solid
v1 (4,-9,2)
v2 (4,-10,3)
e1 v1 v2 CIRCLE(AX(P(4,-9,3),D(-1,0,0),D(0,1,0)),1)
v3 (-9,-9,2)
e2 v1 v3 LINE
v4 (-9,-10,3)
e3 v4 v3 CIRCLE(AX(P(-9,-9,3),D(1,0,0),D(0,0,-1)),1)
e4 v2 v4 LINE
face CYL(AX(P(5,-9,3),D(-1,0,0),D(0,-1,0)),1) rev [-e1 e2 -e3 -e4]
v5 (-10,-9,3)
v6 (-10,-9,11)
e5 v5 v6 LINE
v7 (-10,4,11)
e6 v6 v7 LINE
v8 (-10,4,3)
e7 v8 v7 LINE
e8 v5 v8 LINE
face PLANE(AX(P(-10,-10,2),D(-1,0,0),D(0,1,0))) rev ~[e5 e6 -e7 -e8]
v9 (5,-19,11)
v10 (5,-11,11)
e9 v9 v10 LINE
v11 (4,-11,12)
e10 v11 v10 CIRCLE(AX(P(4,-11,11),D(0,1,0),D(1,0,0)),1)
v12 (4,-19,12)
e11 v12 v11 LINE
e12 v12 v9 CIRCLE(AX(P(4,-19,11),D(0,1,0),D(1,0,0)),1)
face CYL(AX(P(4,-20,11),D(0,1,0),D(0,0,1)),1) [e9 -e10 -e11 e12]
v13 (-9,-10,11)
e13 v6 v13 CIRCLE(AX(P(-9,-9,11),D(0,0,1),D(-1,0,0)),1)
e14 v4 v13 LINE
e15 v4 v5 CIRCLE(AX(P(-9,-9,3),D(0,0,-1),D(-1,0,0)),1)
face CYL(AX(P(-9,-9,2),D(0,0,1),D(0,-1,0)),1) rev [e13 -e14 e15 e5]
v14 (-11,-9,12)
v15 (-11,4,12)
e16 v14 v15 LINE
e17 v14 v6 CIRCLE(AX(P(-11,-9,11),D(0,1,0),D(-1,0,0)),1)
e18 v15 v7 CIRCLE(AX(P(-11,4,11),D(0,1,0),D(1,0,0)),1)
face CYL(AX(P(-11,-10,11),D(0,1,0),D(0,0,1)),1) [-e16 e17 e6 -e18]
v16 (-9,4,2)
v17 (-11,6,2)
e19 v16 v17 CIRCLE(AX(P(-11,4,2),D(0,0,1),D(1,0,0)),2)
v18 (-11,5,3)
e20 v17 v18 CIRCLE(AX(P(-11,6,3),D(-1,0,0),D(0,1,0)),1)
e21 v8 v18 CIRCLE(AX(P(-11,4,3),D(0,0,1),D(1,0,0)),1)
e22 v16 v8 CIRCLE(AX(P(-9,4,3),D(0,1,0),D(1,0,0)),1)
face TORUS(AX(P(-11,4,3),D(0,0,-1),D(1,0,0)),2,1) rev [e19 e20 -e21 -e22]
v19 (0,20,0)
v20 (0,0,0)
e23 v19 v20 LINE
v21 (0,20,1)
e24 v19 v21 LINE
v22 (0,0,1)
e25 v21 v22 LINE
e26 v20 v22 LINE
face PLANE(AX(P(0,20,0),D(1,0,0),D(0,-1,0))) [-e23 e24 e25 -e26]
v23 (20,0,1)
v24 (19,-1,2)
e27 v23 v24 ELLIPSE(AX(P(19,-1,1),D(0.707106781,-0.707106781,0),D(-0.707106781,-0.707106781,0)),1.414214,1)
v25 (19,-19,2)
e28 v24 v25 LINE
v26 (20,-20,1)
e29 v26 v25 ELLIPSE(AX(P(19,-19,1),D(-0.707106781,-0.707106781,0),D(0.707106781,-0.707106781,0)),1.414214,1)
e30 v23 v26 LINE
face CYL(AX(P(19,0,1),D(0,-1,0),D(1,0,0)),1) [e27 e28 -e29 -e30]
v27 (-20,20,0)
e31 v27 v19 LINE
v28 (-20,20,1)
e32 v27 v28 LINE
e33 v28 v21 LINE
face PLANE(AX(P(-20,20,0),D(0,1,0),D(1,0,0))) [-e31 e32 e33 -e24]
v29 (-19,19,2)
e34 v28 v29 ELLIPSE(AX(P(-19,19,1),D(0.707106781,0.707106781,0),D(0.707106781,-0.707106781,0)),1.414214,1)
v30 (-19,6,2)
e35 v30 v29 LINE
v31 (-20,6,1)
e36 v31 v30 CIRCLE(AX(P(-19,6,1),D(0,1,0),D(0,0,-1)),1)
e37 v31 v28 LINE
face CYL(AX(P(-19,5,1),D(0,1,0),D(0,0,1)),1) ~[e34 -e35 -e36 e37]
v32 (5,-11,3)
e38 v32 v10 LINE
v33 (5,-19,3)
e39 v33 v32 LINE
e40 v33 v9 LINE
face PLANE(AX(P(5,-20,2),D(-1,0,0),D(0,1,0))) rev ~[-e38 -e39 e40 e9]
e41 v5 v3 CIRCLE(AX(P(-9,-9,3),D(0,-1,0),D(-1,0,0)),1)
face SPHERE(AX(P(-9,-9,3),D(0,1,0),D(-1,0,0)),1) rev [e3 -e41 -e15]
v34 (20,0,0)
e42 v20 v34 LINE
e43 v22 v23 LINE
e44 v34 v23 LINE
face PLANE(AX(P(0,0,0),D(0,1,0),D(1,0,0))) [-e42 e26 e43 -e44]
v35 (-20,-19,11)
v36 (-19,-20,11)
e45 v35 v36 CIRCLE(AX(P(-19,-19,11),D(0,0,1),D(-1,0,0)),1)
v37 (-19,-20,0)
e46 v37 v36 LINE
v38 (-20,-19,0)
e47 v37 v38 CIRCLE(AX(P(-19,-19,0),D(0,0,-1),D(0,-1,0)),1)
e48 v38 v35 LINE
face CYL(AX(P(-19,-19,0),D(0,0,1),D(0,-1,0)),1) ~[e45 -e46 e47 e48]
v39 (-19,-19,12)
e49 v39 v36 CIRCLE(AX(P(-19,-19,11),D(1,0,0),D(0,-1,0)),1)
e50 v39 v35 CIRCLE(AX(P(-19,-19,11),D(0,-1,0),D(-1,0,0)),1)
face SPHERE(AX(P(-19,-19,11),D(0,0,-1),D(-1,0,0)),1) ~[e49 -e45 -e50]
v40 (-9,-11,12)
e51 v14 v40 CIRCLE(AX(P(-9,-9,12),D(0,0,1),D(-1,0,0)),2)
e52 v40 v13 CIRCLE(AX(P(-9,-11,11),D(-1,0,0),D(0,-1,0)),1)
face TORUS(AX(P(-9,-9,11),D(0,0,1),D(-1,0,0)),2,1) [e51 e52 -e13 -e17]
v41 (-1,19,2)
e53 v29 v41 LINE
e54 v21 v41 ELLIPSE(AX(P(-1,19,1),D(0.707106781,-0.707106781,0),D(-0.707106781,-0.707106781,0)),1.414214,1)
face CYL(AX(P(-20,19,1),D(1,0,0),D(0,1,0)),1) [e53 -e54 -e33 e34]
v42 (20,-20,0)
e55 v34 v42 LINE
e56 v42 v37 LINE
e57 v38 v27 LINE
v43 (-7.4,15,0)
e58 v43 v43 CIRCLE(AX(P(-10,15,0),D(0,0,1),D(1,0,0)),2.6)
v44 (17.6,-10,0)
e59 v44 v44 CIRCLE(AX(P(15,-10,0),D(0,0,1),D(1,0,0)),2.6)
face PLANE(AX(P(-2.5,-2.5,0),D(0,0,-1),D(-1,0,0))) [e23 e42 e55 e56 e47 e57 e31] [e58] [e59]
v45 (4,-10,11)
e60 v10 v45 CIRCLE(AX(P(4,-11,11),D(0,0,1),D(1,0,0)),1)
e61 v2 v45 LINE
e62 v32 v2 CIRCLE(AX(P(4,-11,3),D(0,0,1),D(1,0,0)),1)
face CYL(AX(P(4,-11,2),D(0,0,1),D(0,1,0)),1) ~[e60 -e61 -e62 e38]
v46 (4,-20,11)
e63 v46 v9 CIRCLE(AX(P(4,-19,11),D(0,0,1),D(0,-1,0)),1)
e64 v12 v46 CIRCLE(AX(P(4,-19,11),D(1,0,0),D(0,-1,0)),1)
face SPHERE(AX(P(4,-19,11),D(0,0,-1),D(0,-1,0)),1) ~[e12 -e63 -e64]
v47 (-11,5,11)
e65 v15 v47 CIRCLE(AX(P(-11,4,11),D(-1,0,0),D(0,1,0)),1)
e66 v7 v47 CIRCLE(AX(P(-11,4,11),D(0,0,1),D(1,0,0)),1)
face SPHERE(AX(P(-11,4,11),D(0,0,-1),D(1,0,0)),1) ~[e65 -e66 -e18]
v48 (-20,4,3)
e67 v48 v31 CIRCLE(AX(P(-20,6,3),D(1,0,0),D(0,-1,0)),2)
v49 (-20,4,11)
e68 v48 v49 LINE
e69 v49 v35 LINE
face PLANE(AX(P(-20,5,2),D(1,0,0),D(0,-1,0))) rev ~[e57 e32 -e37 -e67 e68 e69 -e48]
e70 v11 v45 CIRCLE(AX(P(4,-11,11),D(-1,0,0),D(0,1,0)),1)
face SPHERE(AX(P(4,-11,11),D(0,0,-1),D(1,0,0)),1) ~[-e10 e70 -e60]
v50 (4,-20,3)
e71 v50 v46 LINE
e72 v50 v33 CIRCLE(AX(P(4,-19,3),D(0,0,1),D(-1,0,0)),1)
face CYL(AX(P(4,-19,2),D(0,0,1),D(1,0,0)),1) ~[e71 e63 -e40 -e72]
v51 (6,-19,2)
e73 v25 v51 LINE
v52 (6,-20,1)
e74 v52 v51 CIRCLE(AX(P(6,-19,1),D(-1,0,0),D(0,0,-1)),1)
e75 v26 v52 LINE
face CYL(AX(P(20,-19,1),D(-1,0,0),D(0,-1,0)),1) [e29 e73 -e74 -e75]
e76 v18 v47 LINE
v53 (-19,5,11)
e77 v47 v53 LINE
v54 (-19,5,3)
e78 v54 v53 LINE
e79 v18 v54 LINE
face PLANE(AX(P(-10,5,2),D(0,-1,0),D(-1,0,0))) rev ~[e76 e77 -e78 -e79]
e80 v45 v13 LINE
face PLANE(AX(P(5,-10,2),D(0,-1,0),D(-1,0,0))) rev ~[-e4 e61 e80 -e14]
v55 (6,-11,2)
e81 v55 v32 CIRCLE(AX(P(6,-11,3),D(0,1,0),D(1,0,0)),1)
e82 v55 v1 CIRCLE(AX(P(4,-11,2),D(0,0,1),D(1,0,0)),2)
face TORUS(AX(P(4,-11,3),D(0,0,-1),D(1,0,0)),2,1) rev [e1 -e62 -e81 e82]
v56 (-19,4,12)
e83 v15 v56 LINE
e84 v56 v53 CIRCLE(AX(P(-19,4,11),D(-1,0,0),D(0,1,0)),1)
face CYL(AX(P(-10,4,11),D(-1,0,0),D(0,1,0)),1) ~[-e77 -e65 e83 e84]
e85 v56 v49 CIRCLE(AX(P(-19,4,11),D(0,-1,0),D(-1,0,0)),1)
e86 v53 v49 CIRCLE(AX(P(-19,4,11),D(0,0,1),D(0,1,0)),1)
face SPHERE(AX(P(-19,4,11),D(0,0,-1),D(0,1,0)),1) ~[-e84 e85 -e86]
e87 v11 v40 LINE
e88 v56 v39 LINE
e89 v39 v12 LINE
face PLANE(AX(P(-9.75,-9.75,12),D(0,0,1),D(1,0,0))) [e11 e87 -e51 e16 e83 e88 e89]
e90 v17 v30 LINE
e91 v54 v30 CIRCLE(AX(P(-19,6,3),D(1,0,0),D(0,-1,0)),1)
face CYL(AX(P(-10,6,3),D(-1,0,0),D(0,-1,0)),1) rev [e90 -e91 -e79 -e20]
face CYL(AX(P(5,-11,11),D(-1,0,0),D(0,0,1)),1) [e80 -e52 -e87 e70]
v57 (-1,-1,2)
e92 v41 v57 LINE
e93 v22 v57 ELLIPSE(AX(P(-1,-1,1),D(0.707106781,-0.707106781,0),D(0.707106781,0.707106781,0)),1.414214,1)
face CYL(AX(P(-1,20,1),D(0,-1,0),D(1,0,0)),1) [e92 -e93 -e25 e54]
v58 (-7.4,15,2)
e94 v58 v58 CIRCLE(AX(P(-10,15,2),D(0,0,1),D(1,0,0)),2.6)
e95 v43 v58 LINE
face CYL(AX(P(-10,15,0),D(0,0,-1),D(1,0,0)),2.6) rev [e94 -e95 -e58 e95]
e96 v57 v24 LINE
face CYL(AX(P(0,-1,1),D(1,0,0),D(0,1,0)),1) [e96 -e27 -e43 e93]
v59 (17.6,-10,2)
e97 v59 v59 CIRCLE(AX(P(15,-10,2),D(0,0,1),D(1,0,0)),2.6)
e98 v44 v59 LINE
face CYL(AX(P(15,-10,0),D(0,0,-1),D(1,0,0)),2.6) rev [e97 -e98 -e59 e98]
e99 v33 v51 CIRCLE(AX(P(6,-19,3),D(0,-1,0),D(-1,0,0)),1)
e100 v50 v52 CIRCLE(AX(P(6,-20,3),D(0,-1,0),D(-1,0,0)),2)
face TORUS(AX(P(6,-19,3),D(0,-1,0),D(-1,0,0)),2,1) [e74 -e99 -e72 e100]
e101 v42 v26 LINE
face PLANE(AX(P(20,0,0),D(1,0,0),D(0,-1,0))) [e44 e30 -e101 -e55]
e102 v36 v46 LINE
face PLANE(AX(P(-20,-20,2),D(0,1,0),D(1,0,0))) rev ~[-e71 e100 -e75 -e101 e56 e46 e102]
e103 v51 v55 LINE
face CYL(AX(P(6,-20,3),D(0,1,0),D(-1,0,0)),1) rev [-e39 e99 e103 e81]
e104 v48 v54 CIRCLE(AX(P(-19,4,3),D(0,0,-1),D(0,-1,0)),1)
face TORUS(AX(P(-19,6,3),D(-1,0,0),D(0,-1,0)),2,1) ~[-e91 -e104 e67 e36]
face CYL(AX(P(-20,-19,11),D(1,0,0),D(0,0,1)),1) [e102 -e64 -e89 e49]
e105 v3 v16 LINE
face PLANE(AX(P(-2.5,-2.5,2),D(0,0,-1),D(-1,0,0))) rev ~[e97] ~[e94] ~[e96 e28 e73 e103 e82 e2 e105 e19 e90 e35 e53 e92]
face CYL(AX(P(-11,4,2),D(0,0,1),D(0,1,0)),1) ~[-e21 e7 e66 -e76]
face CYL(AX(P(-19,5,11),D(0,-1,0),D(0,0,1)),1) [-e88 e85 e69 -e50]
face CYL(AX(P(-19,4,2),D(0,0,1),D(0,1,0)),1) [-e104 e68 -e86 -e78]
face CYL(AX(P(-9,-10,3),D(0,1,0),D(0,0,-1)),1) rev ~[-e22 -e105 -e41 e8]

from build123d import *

# Parameters (mm, degrees)
SKETCH1_R           = 2.6
BOSS_EXTRUDE1_DEPTH = 2
BOSS_EXTRUDE2_DEPTH = 10
FILLET1_R           = 1


with BuildPart() as part:
    # Sketch1 → Boss-Extrude1 (new body)
    with BuildSketch(Plane.XY):
        Polygon((0, 20), (0, 0), (20, 0), (20, -20), (-20, -20), (-20, 20), align=None)
        with Locations((-10, 15)):
            Circle(SKETCH1_R, mode=Mode.SUBTRACT)
        with Locations((15, -10)):
            Circle(SKETCH1_R, mode=Mode.SUBTRACT)
    extrude(amount=BOSS_EXTRUDE1_DEPTH)

    # Sketch2 → Boss-Extrude2 (add)
    with BuildSketch(Plane.XY.offset(2)):
        Polygon((-10, 5), (-20, 5), (-20, -20), (5, -20), (5, -10), (-10, -10), align=None)
    extrude(amount=BOSS_EXTRUDE2_DEPTH)

    # Fillet1
    fillet1_edges = [part.edges().sort_by_distance(p)[0] for p in [
        (-20, -20, 6),
        (20, -10, 2),
        (10, 0, 2),
        (0, 10, 2),
        (-10, 20, 2),
        (12.5, -20, 2),
        (-10, -2.5, 2),
        (-10, -10, 7),
        (-15, 5, 2),
        (-10, 5, 7),
        (-20, 5, 7),
        (5, -15, 2),
        (5, -20, 7),
        (-2.5, -10, 2),
        (5, -10, 7),
        (-10, -2.5, 12),
        (-15, 5, 12),
        (-20, -7.5, 12),
        (-7.5, -20, 12),
        (5, -15, 12),
        (-2.5, -10, 12),
        (-20, 12.5, 2),
    ]]
    fillet(fillet1_edges, radius=FILLET1_R)


solid = part.part
